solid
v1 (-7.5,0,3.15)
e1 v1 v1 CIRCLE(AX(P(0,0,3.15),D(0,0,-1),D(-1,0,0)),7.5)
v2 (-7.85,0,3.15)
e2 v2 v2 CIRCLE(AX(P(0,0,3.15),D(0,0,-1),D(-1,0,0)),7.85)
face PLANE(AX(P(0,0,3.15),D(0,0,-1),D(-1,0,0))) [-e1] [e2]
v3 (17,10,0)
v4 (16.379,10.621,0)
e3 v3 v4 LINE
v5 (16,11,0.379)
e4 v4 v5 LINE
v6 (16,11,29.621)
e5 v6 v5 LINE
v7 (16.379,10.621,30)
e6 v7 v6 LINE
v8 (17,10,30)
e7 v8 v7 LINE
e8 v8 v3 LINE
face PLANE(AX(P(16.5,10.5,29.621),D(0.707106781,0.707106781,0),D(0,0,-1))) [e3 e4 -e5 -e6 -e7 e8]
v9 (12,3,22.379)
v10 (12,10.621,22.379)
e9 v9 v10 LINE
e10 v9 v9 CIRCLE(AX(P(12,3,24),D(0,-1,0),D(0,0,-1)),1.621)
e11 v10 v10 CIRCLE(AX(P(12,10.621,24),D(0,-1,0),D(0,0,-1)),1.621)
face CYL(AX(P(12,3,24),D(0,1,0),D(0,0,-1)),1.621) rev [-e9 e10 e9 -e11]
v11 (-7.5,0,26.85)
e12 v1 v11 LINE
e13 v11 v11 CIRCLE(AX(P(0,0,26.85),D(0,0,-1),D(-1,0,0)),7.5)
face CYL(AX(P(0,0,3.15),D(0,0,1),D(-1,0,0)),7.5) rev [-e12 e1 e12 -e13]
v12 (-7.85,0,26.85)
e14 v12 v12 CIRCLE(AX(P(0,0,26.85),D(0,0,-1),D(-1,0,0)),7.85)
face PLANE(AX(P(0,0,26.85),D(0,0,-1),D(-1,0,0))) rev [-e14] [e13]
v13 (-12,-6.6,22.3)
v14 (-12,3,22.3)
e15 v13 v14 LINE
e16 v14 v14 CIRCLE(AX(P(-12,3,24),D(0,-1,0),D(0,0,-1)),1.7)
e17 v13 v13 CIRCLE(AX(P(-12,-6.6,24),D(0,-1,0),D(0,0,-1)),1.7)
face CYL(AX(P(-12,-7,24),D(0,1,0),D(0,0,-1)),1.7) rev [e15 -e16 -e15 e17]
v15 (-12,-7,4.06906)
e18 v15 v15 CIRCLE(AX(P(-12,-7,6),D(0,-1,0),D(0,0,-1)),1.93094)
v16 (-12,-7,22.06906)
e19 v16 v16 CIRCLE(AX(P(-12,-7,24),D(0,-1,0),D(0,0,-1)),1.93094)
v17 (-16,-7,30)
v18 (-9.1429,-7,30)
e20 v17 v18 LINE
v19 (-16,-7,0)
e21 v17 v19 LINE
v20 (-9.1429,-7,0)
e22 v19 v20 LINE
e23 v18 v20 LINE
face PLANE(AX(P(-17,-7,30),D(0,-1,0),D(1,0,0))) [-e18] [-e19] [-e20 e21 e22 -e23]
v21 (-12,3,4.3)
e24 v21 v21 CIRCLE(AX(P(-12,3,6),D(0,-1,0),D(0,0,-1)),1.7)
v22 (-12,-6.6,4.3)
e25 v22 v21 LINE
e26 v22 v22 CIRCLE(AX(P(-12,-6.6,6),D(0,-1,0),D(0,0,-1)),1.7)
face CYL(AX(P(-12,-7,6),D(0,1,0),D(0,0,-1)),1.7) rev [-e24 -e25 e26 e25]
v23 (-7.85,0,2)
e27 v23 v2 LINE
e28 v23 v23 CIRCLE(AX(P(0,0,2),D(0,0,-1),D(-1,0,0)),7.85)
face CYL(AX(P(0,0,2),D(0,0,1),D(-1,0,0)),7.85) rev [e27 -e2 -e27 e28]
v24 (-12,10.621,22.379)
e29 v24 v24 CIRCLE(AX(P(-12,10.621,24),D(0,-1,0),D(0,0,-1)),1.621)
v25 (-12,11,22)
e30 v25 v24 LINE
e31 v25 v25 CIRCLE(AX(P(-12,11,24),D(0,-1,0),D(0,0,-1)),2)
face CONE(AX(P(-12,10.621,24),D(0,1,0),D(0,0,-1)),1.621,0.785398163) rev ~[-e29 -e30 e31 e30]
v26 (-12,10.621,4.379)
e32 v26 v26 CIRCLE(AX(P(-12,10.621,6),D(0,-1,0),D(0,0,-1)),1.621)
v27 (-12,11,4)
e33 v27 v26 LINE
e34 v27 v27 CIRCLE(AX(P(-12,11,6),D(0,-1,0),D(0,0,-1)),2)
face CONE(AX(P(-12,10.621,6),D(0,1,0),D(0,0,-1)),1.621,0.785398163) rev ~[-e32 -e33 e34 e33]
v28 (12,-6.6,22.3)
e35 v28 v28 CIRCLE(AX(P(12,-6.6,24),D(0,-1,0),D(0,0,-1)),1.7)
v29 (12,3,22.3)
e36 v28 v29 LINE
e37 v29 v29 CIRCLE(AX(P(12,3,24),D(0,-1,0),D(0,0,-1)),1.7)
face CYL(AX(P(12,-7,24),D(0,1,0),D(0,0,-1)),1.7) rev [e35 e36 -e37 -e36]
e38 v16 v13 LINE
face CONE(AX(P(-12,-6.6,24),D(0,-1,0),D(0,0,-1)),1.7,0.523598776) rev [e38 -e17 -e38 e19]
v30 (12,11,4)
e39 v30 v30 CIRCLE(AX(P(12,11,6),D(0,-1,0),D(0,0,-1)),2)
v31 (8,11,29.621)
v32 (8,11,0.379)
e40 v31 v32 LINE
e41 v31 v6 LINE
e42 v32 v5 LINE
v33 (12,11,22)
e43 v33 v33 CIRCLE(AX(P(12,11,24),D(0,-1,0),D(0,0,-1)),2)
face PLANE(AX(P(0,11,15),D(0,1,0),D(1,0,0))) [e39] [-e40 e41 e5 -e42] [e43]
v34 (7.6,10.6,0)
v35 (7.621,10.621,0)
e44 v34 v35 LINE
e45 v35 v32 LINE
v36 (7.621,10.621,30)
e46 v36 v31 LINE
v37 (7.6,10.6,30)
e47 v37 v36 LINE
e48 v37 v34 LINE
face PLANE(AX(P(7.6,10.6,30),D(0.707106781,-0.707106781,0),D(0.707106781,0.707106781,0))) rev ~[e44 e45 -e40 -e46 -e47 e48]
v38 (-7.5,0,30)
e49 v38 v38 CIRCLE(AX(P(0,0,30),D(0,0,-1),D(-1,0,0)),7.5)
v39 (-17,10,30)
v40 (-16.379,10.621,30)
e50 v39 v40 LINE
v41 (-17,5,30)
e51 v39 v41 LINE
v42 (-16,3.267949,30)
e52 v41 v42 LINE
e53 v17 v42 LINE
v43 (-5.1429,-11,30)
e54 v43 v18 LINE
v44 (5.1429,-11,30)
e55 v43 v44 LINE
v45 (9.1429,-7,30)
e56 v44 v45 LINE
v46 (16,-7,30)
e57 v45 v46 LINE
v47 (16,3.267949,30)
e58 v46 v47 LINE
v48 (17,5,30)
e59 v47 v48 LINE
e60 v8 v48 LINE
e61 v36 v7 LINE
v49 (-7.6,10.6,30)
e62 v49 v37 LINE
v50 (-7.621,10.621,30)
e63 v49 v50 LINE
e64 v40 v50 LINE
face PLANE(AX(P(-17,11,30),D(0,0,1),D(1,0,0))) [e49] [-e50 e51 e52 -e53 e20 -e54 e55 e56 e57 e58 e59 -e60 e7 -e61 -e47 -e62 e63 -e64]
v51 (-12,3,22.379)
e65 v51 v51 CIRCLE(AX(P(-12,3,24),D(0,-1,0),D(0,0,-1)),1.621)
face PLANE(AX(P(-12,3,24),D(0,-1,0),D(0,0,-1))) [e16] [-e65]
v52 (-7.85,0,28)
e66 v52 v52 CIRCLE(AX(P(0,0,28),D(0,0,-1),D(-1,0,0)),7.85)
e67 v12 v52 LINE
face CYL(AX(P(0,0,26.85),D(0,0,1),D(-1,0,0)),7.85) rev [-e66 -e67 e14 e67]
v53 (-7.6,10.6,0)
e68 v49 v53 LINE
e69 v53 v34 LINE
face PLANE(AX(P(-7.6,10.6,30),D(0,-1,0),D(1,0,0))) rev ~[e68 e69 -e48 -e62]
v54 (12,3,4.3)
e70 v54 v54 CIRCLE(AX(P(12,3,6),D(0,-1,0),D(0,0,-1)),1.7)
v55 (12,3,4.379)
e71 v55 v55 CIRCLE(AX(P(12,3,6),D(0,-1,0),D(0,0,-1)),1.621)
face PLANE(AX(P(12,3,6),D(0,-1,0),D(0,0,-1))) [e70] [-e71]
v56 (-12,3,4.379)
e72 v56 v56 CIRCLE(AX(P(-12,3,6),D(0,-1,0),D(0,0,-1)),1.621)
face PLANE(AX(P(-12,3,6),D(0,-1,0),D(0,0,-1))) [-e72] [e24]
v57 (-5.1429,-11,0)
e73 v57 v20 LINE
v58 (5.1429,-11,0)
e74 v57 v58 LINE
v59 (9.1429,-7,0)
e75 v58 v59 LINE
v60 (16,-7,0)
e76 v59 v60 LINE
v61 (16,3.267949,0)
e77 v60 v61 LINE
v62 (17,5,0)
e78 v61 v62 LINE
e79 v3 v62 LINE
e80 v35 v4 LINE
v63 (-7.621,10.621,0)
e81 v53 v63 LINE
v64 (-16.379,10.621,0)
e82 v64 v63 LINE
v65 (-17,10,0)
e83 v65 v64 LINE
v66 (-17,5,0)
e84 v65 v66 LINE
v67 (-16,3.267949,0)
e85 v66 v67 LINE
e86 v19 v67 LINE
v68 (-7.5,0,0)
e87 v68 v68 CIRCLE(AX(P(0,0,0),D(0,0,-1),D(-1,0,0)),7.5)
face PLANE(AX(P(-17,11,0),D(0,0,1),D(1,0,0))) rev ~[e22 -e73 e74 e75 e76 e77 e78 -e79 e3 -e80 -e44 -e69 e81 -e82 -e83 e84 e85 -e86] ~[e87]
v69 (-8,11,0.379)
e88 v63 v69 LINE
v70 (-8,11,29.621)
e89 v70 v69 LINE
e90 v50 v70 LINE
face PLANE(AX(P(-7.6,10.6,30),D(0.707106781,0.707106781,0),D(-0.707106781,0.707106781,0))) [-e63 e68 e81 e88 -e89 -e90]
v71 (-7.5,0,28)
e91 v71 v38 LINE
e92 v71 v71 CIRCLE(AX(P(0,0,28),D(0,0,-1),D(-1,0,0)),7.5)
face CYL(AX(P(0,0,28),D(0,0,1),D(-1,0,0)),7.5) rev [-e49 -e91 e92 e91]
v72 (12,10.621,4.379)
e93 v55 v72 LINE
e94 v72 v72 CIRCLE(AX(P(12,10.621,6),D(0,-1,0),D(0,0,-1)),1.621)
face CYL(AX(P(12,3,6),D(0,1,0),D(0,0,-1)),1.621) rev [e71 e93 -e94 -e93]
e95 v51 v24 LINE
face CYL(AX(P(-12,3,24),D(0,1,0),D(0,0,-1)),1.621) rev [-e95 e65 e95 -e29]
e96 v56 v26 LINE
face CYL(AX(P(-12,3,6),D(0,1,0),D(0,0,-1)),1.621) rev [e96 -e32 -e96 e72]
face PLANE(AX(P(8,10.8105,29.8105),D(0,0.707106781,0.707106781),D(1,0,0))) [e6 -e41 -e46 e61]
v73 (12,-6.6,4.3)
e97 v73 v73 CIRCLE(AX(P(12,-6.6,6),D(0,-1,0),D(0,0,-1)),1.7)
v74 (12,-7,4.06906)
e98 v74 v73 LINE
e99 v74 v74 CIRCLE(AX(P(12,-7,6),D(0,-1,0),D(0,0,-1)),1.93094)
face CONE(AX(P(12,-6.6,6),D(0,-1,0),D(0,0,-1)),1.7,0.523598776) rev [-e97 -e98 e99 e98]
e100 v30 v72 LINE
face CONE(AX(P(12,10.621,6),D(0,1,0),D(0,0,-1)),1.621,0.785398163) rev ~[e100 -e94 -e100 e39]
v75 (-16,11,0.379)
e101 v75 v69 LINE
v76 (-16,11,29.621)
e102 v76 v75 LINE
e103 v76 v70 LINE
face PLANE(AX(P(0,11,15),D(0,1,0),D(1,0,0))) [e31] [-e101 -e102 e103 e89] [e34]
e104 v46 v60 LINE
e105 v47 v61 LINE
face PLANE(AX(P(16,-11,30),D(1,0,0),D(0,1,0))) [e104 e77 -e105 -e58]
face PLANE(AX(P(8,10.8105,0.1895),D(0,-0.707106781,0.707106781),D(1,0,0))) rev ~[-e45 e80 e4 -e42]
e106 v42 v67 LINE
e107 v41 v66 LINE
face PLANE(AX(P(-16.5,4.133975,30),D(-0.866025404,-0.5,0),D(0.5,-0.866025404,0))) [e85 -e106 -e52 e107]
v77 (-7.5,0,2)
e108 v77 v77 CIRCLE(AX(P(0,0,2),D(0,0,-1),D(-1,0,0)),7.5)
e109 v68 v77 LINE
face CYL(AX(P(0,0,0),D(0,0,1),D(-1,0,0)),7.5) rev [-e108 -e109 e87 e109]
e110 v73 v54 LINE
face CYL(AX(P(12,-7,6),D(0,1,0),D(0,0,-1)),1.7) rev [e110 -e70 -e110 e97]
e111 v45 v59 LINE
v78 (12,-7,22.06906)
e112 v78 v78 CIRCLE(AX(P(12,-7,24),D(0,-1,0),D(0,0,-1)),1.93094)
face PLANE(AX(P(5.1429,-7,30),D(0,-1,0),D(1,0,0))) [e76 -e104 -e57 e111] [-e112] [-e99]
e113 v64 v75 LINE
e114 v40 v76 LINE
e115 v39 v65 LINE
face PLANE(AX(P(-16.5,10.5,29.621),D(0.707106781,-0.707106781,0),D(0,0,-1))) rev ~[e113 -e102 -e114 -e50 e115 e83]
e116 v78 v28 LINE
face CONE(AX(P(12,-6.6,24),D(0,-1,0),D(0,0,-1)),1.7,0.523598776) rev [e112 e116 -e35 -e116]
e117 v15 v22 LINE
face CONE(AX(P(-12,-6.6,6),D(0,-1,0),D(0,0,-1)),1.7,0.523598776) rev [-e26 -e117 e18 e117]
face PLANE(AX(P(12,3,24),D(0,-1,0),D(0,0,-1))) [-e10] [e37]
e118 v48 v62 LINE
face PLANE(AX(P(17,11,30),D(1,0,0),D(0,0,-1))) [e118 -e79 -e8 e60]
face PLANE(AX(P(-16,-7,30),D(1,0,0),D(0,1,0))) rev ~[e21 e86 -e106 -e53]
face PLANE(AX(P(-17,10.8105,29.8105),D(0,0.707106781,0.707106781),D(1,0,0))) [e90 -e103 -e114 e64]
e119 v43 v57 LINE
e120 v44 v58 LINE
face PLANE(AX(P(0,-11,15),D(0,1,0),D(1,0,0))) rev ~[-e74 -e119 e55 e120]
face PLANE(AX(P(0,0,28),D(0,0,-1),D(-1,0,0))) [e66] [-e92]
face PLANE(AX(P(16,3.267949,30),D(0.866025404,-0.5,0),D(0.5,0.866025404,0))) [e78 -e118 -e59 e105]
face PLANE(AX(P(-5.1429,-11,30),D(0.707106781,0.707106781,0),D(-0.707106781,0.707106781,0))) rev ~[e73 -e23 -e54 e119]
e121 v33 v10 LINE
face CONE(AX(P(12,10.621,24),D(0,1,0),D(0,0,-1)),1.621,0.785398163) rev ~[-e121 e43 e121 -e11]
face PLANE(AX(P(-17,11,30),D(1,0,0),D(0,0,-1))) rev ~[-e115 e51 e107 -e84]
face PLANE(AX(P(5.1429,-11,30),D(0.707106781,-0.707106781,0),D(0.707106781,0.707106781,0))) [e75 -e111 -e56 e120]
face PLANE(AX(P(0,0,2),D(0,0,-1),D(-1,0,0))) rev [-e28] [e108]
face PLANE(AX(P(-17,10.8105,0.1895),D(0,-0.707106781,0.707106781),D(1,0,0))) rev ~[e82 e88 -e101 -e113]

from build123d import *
from OCP.BRepFilletAPI import BRepFilletAPI_MakeChamfer

# Parameters (mm, degrees)
SCHIZZO1_W                   = 34
SCHIZZO1_H                   = 30
ESTRUSIONE_ESTRUSIONE1_DEPTH = 22
SCHIZZO2_W                   = 1
SCHIZZO2_H                   = 14.267949192
TAGLIO_ESTRUSIONE1_DEPTH     = 37.193922142
SCHIZZO3_W                   = 10.8571
SCHIZZO3_H                   = 4
TAGLIO_ESTRUSIONE2_DEPTH     = 37.193922142
SCHIZZO4_W                   = 11.8571
SCHIZZO4_H                   = 4
TAGLIO_ESTRUSIONE3_DEPTH     = 37.193922142
SCHIZZO5_W                   = 1
SCHIZZO5_H                   = 10.267949192
TAGLIO_ESTRUSIONE4_DEPTH     = 37.193922142
SCHIZZO6_W                   = 15.2
SCHIZZO6_H                   = 0.4
TAGLIO_ESTRUSIONE5_DEPTH     = 37.193922142
SFORMO1_ANGLE                = 60
SFORMO2_ANGLE                = 60
SFORMO3_ANGLE                = 45
SFORMO4_ANGLE                = 45
SMUSSO1_SIZE                 = 0.230940108
SMUSSO1_SIZE2                = 0.4
SMUSSO2_SIZE                 = 0.379
SMUSSO3_SIZE                 = 1


with BuildPart() as part:
    # Schizzo1 → Estrusione-Estrusione1 (new body)
    with BuildSketch(Plane(origin=(0, 11, 0), x_dir=(1, 0, 0), z_dir=(0, 1, 0))):
        with Locations((0, -15)):
            Rectangle(SCHIZZO1_W, SCHIZZO1_H)
    extrude(amount=-ESTRUSIONE_ESTRUSIONE1_DEPTH)

    # Schizzo2 → Taglio-Estrusione1 (cut, through all)
    with BuildSketch(Plane.XY.offset(30)):
        with Locations((16.5, -3.866025404)):
            Rectangle(SCHIZZO2_W, SCHIZZO2_H)
    extrude(amount=-TAGLIO_ESTRUSIONE1_DEPTH, mode=Mode.SUBTRACT)

    # Schizzo3 → Taglio-Estrusione2 (cut, through all)
    with BuildSketch(Plane.XY.offset(30)):
        with Locations((10.57145, -9)):
            Rectangle(SCHIZZO3_W, SCHIZZO3_H)
    extrude(amount=-TAGLIO_ESTRUSIONE2_DEPTH, mode=Mode.SUBTRACT)

    # Schizzo4 → Taglio-Estrusione3 (cut, through all)
    with BuildSketch(Plane.XY.offset(30)):
        with Locations((-11.07145, -9)):
            Rectangle(SCHIZZO4_W, SCHIZZO4_H)
    extrude(amount=-TAGLIO_ESTRUSIONE3_DEPTH, mode=Mode.SUBTRACT)

    # Schizzo5 → Taglio-Estrusione4 (cut, through all)
    with BuildSketch(Plane.XY.offset(30)):
        with Locations((-16.5, -1.866025404)):
            Rectangle(SCHIZZO5_W, SCHIZZO5_H)
    extrude(amount=-TAGLIO_ESTRUSIONE4_DEPTH, mode=Mode.SUBTRACT)

    # Schizzo6 → Taglio-Estrusione5 (cut, through all)
    with BuildSketch(Plane.XY.offset(30)):
        with Locations((0, 10.8)):
            Rectangle(SCHIZZO6_W, SCHIZZO6_H)
    extrude(amount=-TAGLIO_ESTRUSIONE5_DEPTH, mode=Mode.SUBTRACT)

    # Sformo1
    sformo1_faces = [part.faces().sort_by_distance(p)[0] for p in [
        (16.5, 3.267949192, 15),
    ]]
    draft(sformo1_faces, Plane(origin=(16, 3.267949192, 0), x_dir=(0, 0, 1), z_dir=(1, 0, 0)), SFORMO1_ANGLE)

    # Sformo2
    sformo2_faces = [part.faces().sort_by_distance(p)[0] for p in [
        (-16.5, 3.267949192, 15),
    ]]
    draft(sformo2_faces, Plane(origin=(-16, -7, 0), x_dir=(0, 0, -1), z_dir=(-1, 0, 0)), SFORMO2_ANGLE)

    # Sformo3
    sformo3_faces = [part.faces().sort_by_distance(p)[0] for p in [
        (5.1429, -9, 15),
        (-5.1429, -9, 15),
    ]]
    draft(sformo3_faces, Plane(origin=(0, -11, 0), x_dir=(0, 0, -1), z_dir=(0, -1, 0)), SFORMO3_ANGLE)

    # Sformo4
    sformo4_faces = [part.faces().sort_by_distance(p)[0] for p in [
        (-7.6, 10.8, 15),
        (7.6, 10.8, 15),
    ]]
    draft(sformo4_faces, Plane(origin=(-7.6, 10.6, 0), x_dir=(1, 0, 0), z_dir=(0, 1, 0)), SFORMO4_ANGLE)

    # Schizzo7 → Taglia-Rivoluzione1 (revolve, cut)
    with BuildSketch(Plane.XZ, mode=Mode.PRIVATE) as taglia_rivoluzione1_sk:
        Polygon((7.5, 30), (0, 30), (0, 0), (7.5, 0), (7.5, 2), (7.85, 2), (7.85, 3.15), (7.5, 3.15), (7.5, 26.85), (7.85, 26.85), (7.85, 28), (7.5, 28), align=None)
    revolve(taglia_rivoluzione1_sk.sketch.rotate(Axis((0, 0, 30), (0, 0, -1)), 180), axis=Axis((0, 0, 30), (0, 0, -1)), mode=Mode.SUBTRACT)

    # Schizzo8 → Taglia-Rivoluzione2 (revolve, cut)
    with BuildSketch(Plane.XY.offset(6), mode=Mode.PRIVATE) as taglia_rivoluzione2_sk:
        Polygon((-10.379, 11), (-12, 11), (-12, -7), (-10.3, -7), (-10.3, 3), (-10.379, 3), align=None)
    revolve(taglia_rivoluzione2_sk.sketch.rotate(Axis((-12, 11, 6), (0, -1, 0)), 270), axis=Axis((-12, 11, 6), (0, -1, 0)), mode=Mode.SUBTRACT)

    # Schizzo9 → Taglia-Rivoluzione3 (revolve, cut)
    with BuildSketch(Plane.XY.offset(24), mode=Mode.PRIVATE) as taglia_rivoluzione3_sk:
        Polygon((-10.379, 11), (-12, 11), (-12, -7), (-10.3, -7), (-10.3, 3), (-10.379, 3), align=None)
    revolve(taglia_rivoluzione3_sk.sketch.rotate(Axis((-12, 11, 24), (0, -1, 0)), 270), axis=Axis((-12, 11, 24), (0, -1, 0)), mode=Mode.SUBTRACT)

    # Schizzo10 → Taglia-Rivoluzione4 (revolve, cut)
    with BuildSketch(Plane.XY.offset(6), mode=Mode.PRIVATE) as taglia_rivoluzione4_sk:
        Polygon((13.621, 11), (12, 11), (12, -7), (13.7, -7), (13.7, 3), (13.621, 3), align=None)
    revolve(taglia_rivoluzione4_sk.sketch.rotate(Axis((12, 11, 6), (0, -1, 0)), 270), axis=Axis((12, 11, 6), (0, -1, 0)), mode=Mode.SUBTRACT)

    # Schizzo11 → Taglia-Rivoluzione5 (revolve, cut)
    with BuildSketch(Plane.XY.offset(24), mode=Mode.PRIVATE) as taglia_rivoluzione5_sk:
        Polygon((13.621, 11), (12, 11), (12, -7), (13.7, -7), (13.7, 3), (13.621, 3), align=None)
    revolve(taglia_rivoluzione5_sk.sketch.rotate(Axis((12, 11, 24), (0, -1, 0)), 270), axis=Axis((12, 11, 24), (0, -1, 0)), mode=Mode.SUBTRACT)

    # Smusso1: one chamfer whose edges measure the first distance from different faces: ONE call of the kernel's chamfer builder (chamfer() names one face for all edges)
    smusso1_edges_1 = [part.edges().sort_by_distance(p)[0] for p in [
        (-12, -7, 7.7),
        (-12, -7, 25.7),
    ]]
    smusso1_side_1 = [part.faces().sort_by_distance(p)[0] for p in [
        (-12.626775869, -7, 15),
    ]]
    smusso1_edges_2 = [part.edges().sort_by_distance(p)[0] for p in [
        (12, -7, 7.7),
        (12, -7, 25.7),
    ]]
    smusso1_side_2 = [part.faces().sort_by_distance(p)[0] for p in [
        (12.626775869, -7, 15),
    ]]
    smusso1 = BRepFilletAPI_MakeChamfer(part.part.solid().wrapped)
    for e in smusso1_edges_1:
        smusso1.Add(SMUSSO1_SIZE, SMUSSO1_SIZE2, e.wrapped, smusso1_side_1[0].wrapped)  # the first distance lies on this face
    for e in smusso1_edges_2:
        smusso1.Add(SMUSSO1_SIZE, SMUSSO1_SIZE2, e.wrapped, smusso1_side_2[0].wrapped)  # the first distance lies on this face
    add(Compound.cast(smusso1.Shape()), mode=Mode.REPLACE)

    # Smusso2
    smusso2_edges = [part.edges().sort_by_distance(p)[0] for p in [
        (-12, 11, 7.621),
        (-12, 11, 25.621),
        (12, 11, 7.621),
        (12, 11, 25.621),
        (-12.5, 11, 30),
        (12.5, 11, 0),
        (-12.5, 11, 0),
        (12.5, 11, 30),
    ]]
    chamfer(smusso2_edges, length=SMUSSO2_SIZE)

    # Smusso3
    smusso3_edges = [part.edges().sort_by_distance(p)[0] for p in [
        (17, 11, 15),
        (-17, 11, 15),
    ]]
    chamfer(smusso3_edges, length=SMUSSO3_SIZE)


solid = part.part
